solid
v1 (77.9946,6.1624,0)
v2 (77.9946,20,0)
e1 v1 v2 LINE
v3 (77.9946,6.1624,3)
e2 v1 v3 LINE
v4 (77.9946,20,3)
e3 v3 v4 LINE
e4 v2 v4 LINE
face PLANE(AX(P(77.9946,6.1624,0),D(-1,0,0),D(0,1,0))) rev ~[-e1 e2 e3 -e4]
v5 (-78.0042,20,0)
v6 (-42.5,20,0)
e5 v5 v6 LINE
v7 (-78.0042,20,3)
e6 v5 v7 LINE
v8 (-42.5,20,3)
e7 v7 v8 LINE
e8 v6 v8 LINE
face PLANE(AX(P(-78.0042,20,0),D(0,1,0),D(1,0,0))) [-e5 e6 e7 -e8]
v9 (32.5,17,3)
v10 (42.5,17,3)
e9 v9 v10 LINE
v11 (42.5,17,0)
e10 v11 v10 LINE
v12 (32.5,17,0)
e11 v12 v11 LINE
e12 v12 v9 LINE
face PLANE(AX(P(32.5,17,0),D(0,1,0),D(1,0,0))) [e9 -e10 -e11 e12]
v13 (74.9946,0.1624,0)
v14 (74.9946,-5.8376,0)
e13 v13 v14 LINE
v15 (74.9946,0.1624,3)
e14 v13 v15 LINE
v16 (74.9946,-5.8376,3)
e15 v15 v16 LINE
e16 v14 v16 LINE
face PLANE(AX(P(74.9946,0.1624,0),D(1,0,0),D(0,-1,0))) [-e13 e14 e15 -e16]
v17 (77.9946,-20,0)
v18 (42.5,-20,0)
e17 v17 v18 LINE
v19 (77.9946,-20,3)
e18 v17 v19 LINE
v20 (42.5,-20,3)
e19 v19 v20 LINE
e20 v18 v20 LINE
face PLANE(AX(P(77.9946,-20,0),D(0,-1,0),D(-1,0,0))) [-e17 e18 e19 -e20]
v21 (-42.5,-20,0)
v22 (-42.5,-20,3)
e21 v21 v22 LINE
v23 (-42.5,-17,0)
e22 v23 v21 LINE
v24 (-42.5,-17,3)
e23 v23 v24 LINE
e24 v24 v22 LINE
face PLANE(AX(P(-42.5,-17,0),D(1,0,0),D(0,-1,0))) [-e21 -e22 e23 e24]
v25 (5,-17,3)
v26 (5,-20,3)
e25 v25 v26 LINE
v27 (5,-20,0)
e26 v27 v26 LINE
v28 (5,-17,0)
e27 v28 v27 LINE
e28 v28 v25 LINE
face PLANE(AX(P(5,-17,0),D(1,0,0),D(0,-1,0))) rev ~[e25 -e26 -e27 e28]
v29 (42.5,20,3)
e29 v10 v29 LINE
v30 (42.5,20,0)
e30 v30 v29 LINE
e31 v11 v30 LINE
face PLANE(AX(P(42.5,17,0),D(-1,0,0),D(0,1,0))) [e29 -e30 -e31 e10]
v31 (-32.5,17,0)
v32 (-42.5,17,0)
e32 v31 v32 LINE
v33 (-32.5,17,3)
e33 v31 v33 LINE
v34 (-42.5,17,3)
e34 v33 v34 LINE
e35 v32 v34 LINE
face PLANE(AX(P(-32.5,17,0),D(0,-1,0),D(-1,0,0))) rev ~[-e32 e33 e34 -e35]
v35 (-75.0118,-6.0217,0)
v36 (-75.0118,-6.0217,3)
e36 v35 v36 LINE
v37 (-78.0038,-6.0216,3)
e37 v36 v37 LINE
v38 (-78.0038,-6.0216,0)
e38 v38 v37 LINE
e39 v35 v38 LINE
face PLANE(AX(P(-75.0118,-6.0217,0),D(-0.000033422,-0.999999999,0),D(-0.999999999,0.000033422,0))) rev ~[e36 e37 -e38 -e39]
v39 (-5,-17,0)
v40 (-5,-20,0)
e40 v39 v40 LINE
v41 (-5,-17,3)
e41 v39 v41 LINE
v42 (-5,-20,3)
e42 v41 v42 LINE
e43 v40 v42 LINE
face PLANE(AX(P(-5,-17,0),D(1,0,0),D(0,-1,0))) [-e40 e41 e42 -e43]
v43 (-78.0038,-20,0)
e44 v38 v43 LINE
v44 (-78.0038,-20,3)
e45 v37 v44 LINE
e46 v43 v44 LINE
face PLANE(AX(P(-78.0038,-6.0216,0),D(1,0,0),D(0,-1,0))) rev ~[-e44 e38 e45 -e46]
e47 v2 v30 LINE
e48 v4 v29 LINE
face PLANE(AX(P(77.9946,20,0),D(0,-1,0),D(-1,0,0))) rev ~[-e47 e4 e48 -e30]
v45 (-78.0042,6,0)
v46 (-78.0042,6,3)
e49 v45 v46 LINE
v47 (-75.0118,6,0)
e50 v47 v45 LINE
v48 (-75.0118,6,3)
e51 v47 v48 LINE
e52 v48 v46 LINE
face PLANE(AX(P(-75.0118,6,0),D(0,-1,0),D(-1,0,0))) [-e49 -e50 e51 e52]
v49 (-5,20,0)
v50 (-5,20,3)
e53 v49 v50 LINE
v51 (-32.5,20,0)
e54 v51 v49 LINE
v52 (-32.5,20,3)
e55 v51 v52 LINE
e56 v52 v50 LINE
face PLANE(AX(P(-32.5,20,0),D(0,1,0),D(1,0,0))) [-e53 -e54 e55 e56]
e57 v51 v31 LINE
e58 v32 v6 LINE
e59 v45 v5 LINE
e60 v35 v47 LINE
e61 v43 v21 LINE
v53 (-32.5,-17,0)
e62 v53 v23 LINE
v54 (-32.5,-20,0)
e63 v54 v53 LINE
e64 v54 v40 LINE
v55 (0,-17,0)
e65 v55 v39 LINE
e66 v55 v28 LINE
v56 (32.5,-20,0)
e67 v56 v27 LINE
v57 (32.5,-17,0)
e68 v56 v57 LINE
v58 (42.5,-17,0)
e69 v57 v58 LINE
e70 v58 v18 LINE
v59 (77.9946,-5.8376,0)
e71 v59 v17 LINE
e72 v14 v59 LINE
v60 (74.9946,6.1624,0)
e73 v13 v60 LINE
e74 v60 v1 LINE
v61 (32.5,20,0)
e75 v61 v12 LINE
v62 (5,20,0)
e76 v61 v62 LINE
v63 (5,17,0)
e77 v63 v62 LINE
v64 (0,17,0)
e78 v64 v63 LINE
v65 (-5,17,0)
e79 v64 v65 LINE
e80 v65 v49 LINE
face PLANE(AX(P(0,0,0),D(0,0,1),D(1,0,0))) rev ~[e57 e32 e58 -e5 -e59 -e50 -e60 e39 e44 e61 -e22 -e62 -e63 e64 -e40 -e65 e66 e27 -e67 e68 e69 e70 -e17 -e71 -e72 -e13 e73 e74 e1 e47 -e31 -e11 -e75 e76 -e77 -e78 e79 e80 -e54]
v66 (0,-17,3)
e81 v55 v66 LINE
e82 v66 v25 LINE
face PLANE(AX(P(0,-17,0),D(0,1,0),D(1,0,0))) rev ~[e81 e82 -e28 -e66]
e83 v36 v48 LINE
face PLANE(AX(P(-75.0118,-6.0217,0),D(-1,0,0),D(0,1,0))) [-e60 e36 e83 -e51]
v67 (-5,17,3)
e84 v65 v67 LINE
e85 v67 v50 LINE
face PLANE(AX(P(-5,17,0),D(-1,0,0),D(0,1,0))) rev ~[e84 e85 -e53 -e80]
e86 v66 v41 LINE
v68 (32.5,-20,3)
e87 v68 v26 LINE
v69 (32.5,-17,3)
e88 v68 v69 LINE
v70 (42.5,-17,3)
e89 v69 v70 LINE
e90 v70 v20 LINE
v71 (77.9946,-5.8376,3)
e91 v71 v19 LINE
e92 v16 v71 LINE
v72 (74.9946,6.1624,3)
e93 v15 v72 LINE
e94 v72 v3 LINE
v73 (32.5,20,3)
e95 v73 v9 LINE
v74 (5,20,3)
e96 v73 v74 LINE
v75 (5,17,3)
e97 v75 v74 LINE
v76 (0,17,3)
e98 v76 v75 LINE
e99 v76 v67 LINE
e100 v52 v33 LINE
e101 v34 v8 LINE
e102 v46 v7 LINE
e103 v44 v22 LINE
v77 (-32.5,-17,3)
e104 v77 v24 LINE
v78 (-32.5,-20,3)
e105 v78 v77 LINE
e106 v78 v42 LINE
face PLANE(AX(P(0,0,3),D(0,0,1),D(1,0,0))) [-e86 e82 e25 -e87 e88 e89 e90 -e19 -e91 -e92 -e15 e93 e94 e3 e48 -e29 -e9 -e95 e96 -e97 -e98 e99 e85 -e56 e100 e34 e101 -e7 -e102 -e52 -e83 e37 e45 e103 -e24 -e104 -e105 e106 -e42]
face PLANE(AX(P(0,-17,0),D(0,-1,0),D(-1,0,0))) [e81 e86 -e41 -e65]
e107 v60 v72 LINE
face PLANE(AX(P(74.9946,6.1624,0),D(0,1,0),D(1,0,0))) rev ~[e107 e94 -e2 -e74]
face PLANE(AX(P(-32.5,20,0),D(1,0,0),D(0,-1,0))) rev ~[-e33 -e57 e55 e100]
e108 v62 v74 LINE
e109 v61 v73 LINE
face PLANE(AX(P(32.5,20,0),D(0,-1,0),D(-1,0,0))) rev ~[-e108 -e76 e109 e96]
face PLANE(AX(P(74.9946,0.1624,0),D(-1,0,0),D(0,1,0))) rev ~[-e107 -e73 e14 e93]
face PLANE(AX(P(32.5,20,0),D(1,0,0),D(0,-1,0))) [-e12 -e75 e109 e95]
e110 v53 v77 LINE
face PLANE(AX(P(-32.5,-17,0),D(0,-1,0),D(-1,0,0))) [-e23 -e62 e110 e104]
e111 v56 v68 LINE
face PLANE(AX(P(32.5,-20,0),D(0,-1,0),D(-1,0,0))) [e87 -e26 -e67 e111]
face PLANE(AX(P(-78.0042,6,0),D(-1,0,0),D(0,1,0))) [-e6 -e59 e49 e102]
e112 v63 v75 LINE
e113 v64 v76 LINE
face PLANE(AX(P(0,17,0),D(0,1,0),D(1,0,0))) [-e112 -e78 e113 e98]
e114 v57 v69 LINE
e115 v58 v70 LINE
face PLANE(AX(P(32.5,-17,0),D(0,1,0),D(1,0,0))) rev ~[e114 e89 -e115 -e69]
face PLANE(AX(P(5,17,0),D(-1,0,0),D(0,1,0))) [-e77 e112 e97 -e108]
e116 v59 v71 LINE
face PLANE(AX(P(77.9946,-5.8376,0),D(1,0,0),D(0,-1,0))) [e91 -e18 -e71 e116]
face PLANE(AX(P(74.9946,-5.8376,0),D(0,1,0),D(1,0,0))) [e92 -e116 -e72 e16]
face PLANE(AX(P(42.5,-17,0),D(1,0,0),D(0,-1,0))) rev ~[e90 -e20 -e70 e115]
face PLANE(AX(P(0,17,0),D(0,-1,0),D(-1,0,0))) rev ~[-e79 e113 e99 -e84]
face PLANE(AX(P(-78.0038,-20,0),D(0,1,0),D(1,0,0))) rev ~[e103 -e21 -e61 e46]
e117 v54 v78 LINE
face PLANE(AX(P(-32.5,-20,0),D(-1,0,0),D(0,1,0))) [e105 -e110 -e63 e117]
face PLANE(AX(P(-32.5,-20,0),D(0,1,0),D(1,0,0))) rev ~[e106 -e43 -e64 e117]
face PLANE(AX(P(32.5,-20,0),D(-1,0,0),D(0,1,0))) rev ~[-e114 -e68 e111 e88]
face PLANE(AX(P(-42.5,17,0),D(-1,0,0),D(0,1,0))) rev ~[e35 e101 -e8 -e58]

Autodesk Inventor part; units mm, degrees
ref_plane "YZ Plane" through (0, 0, 0) normal (1, 0, 0) x (0, 1, 0)
ref_plane "XZ Plane" through (0, 0, 0) normal (0, 1, 0) x (-1, 0, 0)
ref_plane "XY Plane" through (0, 0, 0) normal (0, 0, 1) x (1, 0, 0)
sketch "Эскиз1" plane through (0, 0, 0) normal (0, 0, 1) x (1, 0, 0)
  line L0 (-78.0042, 6) -> (-78.0042, 20)
  line L1 (-78.0042, 20) -> (-42.5, 20)
  line L2 (-32.5, 20) -> (-32.5, 17)
  line L3 (-32.5, 17) -> (-42.5, 17)
  line L4 (-42.5, 17) -> (-42.5, 20)
  line L5 (-32.5, 20) -> (-5, 20)
  line L6 (0, 17) -> (-5, 17)
  line L7 (-5, 17) -> (-5, 20)
  line L8 (-75.0118, -6.0217) -> (-75.0118, 6)
  line L9 (-75.0118, 6) -> (-78.0042, 6)
  line L10 (-78.0042, 20) -> (-42.5, 20)
  line L11 (-32.5, 20) -> (-5, 20)
  line L12 (77.9946, 6.1624) -> (77.9946, 20)
  line L13 (77.9946, 20) -> (42.5, 20)
  line L14 (32.5, 20) -> (32.5, 17)
  line L15 (32.5, 17) -> (42.5, 17)
  line L16 (42.5, 17) -> (42.5, 20)
  line L17 (32.5, 20) -> (5, 20)
  line L18 (0, 17) -> (5, 17)
  line L19 (5, 17) -> (5, 20)
  line L20 (74.9946, 0.1624) -> (74.9946, 6.1624)
  line L21 (74.9946, 6.1624) -> (77.9946, 6.1624)
  line L22 (77.9946, 20) -> (42.5, 20)
  line L23 (32.5, 20) -> (5, 20)
  line L24 (-78.0038, -6.0216) -> (-78.0038, -20)
  line L25 (-78.0038, -20) -> (-42.5, -20)
  line L26 (-32.5, -20) -> (-32.5, -17)
  line L27 (-32.5, -17) -> (-42.5, -17)
  line L28 (-42.5, -17) -> (-42.5, -20)
  line L29 (-32.5, -20) -> (-5, -20)
  line L30 (0, -17) -> (-5, -17)
  line L31 (-5, -17) -> (-5, -20)
  line L32 (-75.0118, -6.0217) -> (-75.0118, -6.0216)
  line L33 (-75.0118, -6.0216) -> (-78.0038, -6.0216)
  line L34 (-78.0038, -20) -> (-42.5, -20)
  line L35 (-32.5, -20) -> (-5, -20)
  line L36 (77.9946, -5.8376) -> (77.9946, -20)
  line L37 (77.9946, -20) -> (42.5, -20)
  line L38 (32.5, -20) -> (32.5, -17)
  line L39 (32.5, -17) -> (42.5, -17)
  line L40 (42.5, -17) -> (42.5, -20)
  line L41 (32.5, -20) -> (5, -20)
  line L42 (0, -17) -> (5, -17)
  line L43 (5, -17) -> (5, -20)
  line L44 (74.9946, 0.1624) -> (74.9946, -5.8376)
  line L45 (74.9946, -5.8376) -> (77.9946, -5.8376)
  line L46 (77.9946, -20) -> (42.5, -20)
  line L47 (32.5, -20) -> (5, -20)
  line L48 (-78.0042, 6) -> (-75.0042, 6)
  point P0 (0, 0)
extrude "Выдавливание1" add sketch "Эскиз1" along normal blind 3
properties part number "Стекнка t1"
